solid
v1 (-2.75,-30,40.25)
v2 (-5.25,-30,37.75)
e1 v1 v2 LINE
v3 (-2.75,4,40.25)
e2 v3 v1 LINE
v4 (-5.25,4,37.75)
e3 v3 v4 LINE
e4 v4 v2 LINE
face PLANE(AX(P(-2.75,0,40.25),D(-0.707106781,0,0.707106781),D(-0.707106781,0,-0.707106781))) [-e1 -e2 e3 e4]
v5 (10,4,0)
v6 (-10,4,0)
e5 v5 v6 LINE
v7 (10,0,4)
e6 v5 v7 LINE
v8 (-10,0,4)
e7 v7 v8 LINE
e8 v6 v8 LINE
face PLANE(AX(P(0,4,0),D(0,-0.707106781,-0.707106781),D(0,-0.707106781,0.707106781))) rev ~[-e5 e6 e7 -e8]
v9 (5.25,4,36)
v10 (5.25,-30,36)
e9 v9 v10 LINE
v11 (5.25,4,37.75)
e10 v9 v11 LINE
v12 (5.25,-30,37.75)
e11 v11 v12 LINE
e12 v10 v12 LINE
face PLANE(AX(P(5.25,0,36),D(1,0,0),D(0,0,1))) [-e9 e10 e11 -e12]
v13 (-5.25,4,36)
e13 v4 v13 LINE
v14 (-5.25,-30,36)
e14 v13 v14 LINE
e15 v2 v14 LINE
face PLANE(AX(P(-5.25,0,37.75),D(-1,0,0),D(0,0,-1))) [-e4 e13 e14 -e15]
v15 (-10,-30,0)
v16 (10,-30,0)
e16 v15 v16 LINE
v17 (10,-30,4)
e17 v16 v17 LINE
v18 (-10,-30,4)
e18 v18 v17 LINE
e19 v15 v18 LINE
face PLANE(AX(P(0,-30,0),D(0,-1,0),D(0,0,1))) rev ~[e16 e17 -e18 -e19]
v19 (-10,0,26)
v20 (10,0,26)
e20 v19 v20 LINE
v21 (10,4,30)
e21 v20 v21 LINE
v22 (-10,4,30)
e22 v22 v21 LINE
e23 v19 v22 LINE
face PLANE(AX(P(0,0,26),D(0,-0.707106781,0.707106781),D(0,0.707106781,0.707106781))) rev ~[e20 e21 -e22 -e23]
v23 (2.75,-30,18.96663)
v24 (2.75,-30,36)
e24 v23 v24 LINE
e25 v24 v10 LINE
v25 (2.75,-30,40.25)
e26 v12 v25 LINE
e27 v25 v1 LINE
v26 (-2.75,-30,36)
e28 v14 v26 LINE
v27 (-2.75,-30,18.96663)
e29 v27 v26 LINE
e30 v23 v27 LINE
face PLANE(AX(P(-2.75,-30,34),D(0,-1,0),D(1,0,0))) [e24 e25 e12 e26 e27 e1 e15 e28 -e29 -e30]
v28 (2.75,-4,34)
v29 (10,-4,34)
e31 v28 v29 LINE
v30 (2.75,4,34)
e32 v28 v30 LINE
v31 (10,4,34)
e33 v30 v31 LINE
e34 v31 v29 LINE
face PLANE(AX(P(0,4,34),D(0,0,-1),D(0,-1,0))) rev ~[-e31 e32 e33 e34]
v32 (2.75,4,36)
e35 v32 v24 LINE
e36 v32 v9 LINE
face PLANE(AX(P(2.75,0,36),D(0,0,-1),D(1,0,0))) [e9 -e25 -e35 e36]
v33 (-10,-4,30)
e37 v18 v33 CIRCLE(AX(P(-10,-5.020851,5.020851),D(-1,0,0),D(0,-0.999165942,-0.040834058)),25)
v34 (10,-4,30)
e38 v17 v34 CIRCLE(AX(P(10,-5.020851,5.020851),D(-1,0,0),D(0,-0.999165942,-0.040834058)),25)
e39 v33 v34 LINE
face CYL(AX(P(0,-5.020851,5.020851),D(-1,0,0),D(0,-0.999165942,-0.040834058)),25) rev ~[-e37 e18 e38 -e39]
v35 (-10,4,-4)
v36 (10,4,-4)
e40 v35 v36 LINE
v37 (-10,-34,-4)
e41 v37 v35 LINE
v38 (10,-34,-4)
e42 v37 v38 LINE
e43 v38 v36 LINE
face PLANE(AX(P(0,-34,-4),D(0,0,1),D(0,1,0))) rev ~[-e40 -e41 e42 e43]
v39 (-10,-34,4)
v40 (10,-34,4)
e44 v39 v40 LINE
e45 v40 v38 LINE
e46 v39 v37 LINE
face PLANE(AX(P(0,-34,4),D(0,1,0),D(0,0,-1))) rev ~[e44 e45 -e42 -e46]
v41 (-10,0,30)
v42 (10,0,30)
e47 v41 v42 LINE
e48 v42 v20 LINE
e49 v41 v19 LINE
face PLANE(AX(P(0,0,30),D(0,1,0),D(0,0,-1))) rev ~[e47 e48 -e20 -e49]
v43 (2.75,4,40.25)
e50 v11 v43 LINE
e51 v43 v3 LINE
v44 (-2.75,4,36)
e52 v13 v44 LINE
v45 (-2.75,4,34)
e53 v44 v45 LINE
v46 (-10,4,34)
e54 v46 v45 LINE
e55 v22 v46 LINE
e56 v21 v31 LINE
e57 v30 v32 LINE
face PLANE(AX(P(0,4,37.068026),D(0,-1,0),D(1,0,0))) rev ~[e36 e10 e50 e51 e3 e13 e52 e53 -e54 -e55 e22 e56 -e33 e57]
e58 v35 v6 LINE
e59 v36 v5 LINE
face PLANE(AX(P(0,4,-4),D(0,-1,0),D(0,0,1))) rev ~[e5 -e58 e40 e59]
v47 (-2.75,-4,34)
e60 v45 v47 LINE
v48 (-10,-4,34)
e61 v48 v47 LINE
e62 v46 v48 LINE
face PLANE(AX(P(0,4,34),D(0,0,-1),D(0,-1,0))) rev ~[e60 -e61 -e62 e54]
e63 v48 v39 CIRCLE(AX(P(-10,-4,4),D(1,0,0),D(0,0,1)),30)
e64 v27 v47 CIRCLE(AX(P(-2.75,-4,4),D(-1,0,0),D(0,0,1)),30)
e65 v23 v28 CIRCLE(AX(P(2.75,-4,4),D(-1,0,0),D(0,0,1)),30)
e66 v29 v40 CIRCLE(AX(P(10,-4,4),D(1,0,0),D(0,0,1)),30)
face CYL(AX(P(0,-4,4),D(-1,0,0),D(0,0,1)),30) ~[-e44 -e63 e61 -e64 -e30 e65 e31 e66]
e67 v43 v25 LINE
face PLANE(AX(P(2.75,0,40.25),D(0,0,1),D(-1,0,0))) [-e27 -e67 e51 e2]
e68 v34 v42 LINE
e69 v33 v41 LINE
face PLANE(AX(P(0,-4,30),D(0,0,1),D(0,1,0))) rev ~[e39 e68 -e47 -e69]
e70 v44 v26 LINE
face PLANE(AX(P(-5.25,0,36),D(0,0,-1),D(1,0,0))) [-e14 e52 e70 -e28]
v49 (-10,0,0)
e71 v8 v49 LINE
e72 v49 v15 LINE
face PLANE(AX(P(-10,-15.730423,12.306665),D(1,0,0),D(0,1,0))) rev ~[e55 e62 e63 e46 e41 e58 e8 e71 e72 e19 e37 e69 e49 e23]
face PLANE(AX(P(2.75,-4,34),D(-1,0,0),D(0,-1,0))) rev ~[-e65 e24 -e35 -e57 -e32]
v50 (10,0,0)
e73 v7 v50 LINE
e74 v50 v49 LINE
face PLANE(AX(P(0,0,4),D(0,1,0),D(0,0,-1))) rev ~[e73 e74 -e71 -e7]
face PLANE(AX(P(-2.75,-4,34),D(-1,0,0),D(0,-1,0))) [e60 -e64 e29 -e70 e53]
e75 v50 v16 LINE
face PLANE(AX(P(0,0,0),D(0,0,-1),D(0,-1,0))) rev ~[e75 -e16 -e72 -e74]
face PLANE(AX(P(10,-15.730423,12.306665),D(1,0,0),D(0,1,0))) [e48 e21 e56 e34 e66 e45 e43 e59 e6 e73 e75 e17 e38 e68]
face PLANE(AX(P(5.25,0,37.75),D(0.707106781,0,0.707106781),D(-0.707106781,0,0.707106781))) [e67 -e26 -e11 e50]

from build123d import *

# Parameters (mm, degrees)
F1_DEPTH   = 10
F2_DEPTH   = 10
F4_DEPTH   = 30
F5_DEPTH   = 4
F4_FACE1_W = 5.5
F4_FACE1_H = 26


with BuildPart() as f1:
    # F0 (on Right) → F1 (new body)
    with BuildSketch(Plane.YZ):
        with BuildLine():
            Line((0, 0), (-30, 0))
            Line((-30, 0), (-30, 4))
            ThreePointArc((-30, 4), (-22.698520979, 22.698520979), (-4, 30))
            Line((-4, 30), (0, 30))
            Line((0, 30), (0, 26))
            Line((0, 26), (4, 30))
            Line((4, 30), (4, 34))
            Line((4, 34), (0, 34))
            Line((0, 34), (-4, 34))
            ThreePointArc((-4, 34), (-25.2132034356, 25.2132034356), (-34, 4))
            Line((-34, 4), (-34, -4))
            Line((-34, -4), (-30, -4))
            Line((-30, -4), (0, -4))
            Line((0, -4), (4, -4))
            Line((4, -4), (4, 0))
            Line((4, 0), (0, 4))
            Line((0, 4), (0, 0))
        make_face()
    extrude(amount=-F1_DEPTH)

    # F2 (add): a face of the model
    f2_faces = [f1.faces().sort_by_distance(p)[0] for p in [
        (0, 3.4625988463, 32),
    ]]
    extrude(f2_faces, amount=F2_DEPTH)

    # F3 (on Front) → F4 (join)
    with BuildSketch(Plane.XZ):
        Polygon((0, 34), (2.75, 34), (2.75, 36), (5.25, 36), (5.25, 37.75), (2.75, 40.25), (-2.75, 40.25), (-5.25, 37.75), (-5.25, 36), (-2.75, 36), (-2.75, 34), align=None)
    extrude(amount=F4_DEPTH)

    # F5 (add): a face of the model
    f5_faces = [f1.faces().sort_by_distance(p)[0] for p in [
        (0, 0, 37.2652953586),
    ]]
    extrude(f5_faces, amount=F5_DEPTH)

    # F4_face1 (on face) → F6 (join, up to the next surface of F1)
    with BuildSketch(Plane(origin=(0, -17, 34), x_dir=(1, 0, 0), z_dir=(0, 0, -1))):
        Rectangle(F4_FACE1_W, F4_FACE1_H)
    extrude(until=Until.NEXT)


solid = f1.part
